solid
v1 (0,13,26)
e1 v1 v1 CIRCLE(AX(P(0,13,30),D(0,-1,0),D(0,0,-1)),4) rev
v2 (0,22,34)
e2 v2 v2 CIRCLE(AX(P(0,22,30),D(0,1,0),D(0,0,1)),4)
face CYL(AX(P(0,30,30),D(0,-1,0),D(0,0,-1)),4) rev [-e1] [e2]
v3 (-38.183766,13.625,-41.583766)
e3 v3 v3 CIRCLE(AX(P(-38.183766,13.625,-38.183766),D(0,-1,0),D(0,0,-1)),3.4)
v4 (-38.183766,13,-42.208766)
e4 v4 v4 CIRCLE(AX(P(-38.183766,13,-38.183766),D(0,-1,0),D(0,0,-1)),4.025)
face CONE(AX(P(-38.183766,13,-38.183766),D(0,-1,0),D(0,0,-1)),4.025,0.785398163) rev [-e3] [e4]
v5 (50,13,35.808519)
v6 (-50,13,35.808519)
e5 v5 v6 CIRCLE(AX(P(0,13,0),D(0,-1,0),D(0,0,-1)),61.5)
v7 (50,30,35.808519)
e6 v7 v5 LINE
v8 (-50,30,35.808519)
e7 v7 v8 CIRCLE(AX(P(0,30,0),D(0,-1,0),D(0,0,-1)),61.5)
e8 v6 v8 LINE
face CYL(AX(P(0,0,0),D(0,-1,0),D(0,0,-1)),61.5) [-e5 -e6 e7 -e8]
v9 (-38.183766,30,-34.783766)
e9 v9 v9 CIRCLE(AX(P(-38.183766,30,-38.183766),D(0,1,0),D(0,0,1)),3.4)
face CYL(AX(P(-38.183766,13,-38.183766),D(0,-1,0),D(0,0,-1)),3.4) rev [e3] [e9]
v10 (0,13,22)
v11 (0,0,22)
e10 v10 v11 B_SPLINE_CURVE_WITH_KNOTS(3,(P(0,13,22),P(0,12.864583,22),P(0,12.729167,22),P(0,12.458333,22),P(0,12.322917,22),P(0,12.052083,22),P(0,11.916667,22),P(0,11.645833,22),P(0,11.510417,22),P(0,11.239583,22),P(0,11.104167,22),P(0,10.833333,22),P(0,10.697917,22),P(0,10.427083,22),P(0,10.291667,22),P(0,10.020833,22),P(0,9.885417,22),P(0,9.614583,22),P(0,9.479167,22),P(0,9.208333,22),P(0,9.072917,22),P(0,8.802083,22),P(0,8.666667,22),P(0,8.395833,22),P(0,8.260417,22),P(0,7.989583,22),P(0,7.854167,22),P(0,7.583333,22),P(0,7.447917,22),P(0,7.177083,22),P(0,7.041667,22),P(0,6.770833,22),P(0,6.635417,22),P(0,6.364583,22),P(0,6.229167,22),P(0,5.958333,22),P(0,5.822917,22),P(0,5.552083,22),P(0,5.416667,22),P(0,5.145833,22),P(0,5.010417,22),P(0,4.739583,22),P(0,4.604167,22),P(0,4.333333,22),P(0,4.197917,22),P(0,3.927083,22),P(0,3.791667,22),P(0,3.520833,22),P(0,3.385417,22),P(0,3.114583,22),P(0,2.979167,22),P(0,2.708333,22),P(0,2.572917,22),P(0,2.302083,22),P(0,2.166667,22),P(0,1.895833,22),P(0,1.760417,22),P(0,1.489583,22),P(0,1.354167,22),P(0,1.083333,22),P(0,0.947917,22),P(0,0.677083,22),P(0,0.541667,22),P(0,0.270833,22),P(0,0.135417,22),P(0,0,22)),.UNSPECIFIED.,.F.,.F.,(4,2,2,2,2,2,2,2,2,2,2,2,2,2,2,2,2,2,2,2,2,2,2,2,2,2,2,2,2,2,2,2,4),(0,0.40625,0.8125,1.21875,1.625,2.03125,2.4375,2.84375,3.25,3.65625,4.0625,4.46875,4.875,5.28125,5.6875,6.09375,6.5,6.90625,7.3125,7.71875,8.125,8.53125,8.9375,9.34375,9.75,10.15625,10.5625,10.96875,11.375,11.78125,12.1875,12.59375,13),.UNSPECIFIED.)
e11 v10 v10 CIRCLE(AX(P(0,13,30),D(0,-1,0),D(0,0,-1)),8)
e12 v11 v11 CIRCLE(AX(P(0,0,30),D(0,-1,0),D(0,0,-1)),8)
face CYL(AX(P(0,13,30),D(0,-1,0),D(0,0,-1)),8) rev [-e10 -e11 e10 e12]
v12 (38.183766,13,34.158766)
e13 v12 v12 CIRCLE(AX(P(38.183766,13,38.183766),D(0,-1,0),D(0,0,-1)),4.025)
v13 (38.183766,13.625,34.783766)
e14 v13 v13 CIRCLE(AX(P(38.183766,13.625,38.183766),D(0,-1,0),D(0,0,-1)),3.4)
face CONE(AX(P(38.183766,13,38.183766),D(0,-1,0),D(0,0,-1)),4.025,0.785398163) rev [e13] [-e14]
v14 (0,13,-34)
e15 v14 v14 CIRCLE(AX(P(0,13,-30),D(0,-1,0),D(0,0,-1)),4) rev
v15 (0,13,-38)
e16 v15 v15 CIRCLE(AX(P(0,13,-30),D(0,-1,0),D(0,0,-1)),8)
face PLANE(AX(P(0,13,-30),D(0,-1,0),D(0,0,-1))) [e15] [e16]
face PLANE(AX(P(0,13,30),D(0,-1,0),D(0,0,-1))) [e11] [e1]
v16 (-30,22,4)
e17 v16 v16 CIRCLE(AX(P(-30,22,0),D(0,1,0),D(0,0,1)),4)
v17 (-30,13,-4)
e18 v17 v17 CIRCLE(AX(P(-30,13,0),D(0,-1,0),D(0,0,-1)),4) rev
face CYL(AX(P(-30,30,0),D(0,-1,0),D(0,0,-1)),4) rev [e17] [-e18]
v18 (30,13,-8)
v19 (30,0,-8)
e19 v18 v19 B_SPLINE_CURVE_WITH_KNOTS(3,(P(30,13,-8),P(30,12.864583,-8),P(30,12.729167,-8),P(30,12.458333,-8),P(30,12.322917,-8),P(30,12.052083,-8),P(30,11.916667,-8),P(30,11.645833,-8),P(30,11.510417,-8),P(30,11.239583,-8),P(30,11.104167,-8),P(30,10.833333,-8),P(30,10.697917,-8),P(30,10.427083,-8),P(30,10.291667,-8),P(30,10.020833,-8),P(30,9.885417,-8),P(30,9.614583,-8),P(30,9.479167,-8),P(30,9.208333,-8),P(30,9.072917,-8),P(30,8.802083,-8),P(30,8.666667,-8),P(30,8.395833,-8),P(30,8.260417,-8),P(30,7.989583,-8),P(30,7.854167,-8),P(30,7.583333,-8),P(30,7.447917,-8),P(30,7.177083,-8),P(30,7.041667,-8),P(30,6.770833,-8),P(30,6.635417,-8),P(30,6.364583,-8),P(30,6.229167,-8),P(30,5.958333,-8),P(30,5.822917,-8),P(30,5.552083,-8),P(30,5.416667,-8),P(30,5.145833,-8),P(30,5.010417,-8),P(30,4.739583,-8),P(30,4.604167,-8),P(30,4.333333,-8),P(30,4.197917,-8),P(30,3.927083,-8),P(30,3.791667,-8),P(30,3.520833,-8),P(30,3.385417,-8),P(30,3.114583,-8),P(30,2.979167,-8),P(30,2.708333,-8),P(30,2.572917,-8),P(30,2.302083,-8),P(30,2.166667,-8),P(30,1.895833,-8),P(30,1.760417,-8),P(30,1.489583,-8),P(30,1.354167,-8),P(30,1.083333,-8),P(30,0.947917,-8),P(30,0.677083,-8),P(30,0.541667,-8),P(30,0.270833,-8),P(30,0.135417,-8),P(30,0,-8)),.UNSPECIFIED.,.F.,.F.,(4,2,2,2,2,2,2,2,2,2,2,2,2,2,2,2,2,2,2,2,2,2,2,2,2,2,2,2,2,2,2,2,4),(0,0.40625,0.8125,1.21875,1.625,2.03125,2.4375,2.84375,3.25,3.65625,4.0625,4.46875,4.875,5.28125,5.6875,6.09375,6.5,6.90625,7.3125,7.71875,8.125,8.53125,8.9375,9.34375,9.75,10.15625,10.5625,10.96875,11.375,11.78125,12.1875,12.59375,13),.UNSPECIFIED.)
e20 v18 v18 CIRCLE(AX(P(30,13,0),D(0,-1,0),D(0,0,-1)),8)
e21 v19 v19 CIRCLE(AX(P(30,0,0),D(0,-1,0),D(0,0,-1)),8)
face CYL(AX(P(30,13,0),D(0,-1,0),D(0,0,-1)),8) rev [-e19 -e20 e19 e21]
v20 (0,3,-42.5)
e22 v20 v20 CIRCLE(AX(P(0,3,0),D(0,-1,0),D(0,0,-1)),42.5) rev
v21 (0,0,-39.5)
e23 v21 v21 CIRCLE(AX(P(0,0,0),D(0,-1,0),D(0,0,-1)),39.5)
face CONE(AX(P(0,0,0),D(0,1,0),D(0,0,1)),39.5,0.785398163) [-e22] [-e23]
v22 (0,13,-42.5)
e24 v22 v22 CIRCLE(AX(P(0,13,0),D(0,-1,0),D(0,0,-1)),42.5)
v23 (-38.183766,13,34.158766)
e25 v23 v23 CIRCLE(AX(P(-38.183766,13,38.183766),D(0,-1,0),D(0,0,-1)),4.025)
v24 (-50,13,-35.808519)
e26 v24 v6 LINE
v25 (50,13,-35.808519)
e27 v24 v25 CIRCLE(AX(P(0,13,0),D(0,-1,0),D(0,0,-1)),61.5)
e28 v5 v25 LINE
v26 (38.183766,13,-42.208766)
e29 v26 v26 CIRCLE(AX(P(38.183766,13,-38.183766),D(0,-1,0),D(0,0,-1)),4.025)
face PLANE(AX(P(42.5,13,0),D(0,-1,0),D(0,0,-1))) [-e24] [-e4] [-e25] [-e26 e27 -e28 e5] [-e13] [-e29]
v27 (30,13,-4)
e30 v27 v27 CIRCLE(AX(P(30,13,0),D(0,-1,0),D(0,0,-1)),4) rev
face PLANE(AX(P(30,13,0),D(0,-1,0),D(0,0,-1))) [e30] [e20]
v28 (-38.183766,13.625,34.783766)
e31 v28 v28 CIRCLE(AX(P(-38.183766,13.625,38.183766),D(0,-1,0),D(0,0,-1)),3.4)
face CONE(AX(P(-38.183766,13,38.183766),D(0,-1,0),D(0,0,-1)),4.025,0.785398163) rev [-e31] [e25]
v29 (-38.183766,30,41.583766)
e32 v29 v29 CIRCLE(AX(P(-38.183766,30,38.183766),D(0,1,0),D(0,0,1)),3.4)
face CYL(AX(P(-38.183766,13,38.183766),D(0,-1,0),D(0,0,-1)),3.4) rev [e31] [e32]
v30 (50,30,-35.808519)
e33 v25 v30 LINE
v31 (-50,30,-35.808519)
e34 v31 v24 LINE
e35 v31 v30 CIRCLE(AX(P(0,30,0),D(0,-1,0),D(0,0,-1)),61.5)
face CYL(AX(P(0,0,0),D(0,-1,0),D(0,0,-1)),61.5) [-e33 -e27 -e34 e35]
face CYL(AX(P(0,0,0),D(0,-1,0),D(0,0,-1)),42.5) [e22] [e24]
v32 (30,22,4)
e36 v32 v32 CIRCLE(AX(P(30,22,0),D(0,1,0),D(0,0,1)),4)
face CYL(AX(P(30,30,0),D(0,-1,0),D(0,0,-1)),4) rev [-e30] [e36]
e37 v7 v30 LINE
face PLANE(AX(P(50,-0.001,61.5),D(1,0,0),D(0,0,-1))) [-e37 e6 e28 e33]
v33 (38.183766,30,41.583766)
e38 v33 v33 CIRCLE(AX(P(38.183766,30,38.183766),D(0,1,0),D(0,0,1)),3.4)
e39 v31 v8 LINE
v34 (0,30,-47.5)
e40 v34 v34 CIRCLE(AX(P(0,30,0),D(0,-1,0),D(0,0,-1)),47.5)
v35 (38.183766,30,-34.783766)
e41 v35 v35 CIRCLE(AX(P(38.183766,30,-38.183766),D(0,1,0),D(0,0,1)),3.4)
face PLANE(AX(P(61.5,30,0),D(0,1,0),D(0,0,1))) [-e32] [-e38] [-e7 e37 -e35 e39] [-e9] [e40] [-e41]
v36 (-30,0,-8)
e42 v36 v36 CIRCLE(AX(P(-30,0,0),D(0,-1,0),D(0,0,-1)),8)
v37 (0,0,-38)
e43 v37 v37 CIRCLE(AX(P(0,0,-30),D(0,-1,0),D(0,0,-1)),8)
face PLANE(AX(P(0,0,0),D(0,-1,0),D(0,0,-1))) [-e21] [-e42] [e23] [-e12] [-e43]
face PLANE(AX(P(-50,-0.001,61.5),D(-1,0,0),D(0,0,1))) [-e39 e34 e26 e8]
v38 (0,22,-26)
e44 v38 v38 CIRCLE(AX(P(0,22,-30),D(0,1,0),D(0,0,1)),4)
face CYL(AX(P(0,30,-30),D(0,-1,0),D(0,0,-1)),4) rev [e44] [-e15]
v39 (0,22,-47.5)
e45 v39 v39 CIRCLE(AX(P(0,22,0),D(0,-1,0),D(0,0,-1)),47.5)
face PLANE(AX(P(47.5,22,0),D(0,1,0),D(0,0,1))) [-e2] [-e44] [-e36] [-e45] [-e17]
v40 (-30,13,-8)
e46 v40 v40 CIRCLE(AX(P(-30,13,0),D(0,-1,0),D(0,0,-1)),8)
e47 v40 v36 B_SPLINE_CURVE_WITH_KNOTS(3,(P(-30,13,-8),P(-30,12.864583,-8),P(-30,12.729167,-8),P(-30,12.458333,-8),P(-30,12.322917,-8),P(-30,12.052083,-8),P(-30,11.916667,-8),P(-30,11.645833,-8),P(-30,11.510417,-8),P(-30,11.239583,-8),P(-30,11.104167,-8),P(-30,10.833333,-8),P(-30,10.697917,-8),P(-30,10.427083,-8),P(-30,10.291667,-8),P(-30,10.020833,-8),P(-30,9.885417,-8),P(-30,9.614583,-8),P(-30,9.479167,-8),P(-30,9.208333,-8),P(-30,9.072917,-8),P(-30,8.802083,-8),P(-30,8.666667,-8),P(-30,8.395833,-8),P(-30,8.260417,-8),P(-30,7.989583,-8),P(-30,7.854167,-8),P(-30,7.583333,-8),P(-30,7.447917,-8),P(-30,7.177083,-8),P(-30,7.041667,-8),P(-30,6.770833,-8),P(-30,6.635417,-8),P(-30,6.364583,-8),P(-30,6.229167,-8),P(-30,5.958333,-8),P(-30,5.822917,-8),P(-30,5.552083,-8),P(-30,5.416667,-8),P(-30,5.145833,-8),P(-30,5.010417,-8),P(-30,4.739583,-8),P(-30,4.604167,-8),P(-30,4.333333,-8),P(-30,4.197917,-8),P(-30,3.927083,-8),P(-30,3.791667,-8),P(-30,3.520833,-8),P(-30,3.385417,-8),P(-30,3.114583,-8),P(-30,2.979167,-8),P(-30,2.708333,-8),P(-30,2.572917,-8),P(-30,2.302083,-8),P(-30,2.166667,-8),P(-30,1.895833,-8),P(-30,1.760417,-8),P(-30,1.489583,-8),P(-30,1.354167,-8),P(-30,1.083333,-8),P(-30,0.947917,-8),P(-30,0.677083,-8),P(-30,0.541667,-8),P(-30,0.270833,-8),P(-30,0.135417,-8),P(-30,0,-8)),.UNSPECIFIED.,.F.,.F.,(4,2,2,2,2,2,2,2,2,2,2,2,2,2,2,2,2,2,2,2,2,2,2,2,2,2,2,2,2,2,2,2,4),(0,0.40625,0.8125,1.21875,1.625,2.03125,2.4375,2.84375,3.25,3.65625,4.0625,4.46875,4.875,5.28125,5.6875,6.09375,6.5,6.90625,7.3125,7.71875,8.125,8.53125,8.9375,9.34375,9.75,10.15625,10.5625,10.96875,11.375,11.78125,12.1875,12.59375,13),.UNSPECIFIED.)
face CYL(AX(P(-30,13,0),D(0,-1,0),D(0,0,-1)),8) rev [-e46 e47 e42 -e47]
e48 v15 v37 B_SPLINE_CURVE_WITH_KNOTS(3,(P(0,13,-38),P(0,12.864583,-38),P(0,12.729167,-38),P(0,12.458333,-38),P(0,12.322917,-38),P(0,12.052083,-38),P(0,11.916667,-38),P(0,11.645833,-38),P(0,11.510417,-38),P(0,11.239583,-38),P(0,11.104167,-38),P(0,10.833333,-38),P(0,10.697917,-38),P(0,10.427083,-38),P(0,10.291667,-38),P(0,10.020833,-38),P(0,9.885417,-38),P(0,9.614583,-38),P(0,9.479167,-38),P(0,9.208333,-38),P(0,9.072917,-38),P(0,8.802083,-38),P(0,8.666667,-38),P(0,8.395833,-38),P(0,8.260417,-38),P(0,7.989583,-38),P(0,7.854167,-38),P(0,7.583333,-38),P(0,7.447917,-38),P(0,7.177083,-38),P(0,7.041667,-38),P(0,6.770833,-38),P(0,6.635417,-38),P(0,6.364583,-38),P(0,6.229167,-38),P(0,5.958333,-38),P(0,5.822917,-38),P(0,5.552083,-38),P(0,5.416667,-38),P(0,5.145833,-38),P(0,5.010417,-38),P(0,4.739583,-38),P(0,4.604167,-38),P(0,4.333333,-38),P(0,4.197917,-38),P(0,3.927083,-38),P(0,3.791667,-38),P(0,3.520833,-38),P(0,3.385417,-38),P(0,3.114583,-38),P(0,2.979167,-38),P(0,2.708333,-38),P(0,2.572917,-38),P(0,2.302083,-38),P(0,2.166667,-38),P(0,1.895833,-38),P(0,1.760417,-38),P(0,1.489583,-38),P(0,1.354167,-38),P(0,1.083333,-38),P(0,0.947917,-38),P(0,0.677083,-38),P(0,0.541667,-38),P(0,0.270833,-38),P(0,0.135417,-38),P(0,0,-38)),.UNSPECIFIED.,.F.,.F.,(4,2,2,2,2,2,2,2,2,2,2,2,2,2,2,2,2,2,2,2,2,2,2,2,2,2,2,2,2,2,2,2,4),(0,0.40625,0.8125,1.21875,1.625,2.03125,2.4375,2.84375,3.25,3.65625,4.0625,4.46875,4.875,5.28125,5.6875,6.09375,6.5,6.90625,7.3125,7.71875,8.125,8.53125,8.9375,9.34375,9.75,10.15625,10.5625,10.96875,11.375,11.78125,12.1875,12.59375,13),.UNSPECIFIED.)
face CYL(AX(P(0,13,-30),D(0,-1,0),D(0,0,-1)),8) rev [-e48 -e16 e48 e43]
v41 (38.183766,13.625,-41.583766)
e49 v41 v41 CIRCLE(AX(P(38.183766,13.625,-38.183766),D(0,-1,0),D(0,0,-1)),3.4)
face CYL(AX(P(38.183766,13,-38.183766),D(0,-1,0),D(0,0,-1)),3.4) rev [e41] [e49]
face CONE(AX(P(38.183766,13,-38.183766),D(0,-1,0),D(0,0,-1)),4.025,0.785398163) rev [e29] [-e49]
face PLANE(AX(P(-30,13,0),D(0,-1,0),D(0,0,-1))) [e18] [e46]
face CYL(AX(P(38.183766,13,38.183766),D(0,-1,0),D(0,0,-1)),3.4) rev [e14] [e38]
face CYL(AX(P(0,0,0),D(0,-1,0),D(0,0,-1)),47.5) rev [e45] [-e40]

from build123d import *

# Parameters (mm, degrees)
CUT_EXTRUDE3_START          = -17
SKETCH4_OUTSIDE_W           = 160.304
SKETCH4_OUTSIDE_H           = 160.304
SKETCH4_OUTSIDE_W_2         = 100
SKETCH4_OUTSIDE_H_2         = 123
CUT_EXTRUDE3_DEPTH          = 17
CUT_EXTRUDE4_REACH          = 86.748
SKETCH5_R                   = 2.5
SKETCH2_R                   = 4
CUT_EXTRUDE5_DEPTH          = 85.748156322
SKETCH6_R                   = 8
CUT_EXTRUDE6_DEPTH          = 13
CHAMFER1_SIZE               = 3
M8_TAPPED_HOLE1_D           = 6.8
M8_TAPPED_HOLE1_DEPTH       = 19.75
M8_TAPPED_HOLE1_CSINK_D     = 8.05
M8_TAPPED_HOLE1_CSINK_ANGLE = 90
M8_TAPPED_HOLE1_TIP         = 2.042926105


with BuildPart() as part:
    # Sketch1 → Revolve1 (revolve)
    with BuildSketch(Plane.XY, mode=Mode.PRIVATE) as revolve1_sk:
        Polygon((42.5, 0), (42.5, 13), (61.5, 13), (61.5, 30), (47.5, 30), (47.5, 22), (0, 22), (0, 0), align=None)
    revolve(revolve1_sk.sketch.rotate(Axis((0, 0, 0), (0, 1, 0)), 90), axis=Axis((0, 0, 0), (0, 1, 0)))

    # Sketch4 outside → Cut-Extrude3 (cut)
    with BuildSketch(Plane(origin=(0, 30, 0), x_dir=(1, 0, 0), z_dir=(0, 1, 0)).offset(CUT_EXTRUDE3_START)):
        Rectangle(SKETCH4_OUTSIDE_W, SKETCH4_OUTSIDE_H)
        Rectangle(SKETCH4_OUTSIDE_W_2, SKETCH4_OUTSIDE_H_2, mode=Mode.SUBTRACT)
    extrude(amount=CUT_EXTRUDE3_DEPTH, mode=Mode.SUBTRACT)

    # Sketch5 → Cut-Extrude4 (cut, up to next)
    with BuildSketch(Plane(origin=(0, 30, 0), x_dir=(1, 0, 0), z_dir=(0, 1, 0)), mode=Mode.PRIVATE) as cut_extrude4_sk1:
        with Locations(Location((-38.183766184, 38.183766184, 0), (0, 0, 270))):
            Circle(SKETCH5_R)
    cut_extrude4_tool1 = extrude(cut_extrude4_sk1.sketch, amount=-CUT_EXTRUDE4_REACH, mode=Mode.PRIVATE) & part.part
    # Sketch5 → Cut-Extrude4 (cut, up to next)
    with BuildSketch(Plane(origin=(0, 30, 0), x_dir=(1, 0, 0), z_dir=(0, 1, 0)), mode=Mode.PRIVATE) as cut_extrude4_sk2:
        with Locations(Location((38.183766184, 38.183766184, 0), (0, 0, 270))):
            Circle(SKETCH5_R)
    cut_extrude4_tool2 = extrude(cut_extrude4_sk2.sketch, amount=-CUT_EXTRUDE4_REACH, mode=Mode.PRIVATE) & part.part
    # Sketch5 → Cut-Extrude4 (cut, up to next)
    with BuildSketch(Plane(origin=(0, 30, 0), x_dir=(1, 0, 0), z_dir=(0, 1, 0)), mode=Mode.PRIVATE) as cut_extrude4_sk3:
        with Locations(Location((38.183766184, -38.183766184, 0), (0, 0, 270))):
            Circle(SKETCH5_R)
    cut_extrude4_tool3 = extrude(cut_extrude4_sk3.sketch, amount=-CUT_EXTRUDE4_REACH, mode=Mode.PRIVATE) & part.part
    # Sketch5 → Cut-Extrude4 (cut, up to next)
    with BuildSketch(Plane(origin=(0, 30, 0), x_dir=(1, 0, 0), z_dir=(0, 1, 0)), mode=Mode.PRIVATE) as cut_extrude4_sk4:
        with Locations(Location((-38.183766184, -38.183766184, 0), (0, 0, 270))):
            Circle(SKETCH5_R)
    cut_extrude4_tool4 = extrude(cut_extrude4_sk4.sketch, amount=-CUT_EXTRUDE4_REACH, mode=Mode.PRIVATE) & part.part
    add(cut_extrude4_tool1.solids().sort_by_distance((-38.183766, 30, -38.183766))[0], mode=Mode.SUBTRACT)
    add(cut_extrude4_tool2.solids().sort_by_distance((38.183766, 30, -38.183766))[0], mode=Mode.SUBTRACT)
    add(cut_extrude4_tool3.solids().sort_by_distance((38.183766, 30, 38.183766))[0], mode=Mode.SUBTRACT)
    add(cut_extrude4_tool4.solids().sort_by_distance((-38.183766, 30, 38.183766))[0], mode=Mode.SUBTRACT)

    # Sketch2 → Cut-Extrude5 (cut, through all)
    with BuildSketch(Plane.XZ):
        with Locations(Location((30, 0, 0), (0, 0, 270))):
            Circle(SKETCH2_R)
        with Locations(Location((0, -30, 0), (0, 0, 270))):
            Circle(SKETCH2_R)
        with Locations(Location((-30, 0, 0), (0, 0, 270))):
            Circle(SKETCH2_R)
        with Locations(Location((0, 30, 0), (0, 0, 270))):
            Circle(SKETCH2_R)
    extrude(amount=-CUT_EXTRUDE5_DEPTH, mode=Mode.SUBTRACT)

    # Sketch6 → Cut-Extrude6 (cut)
    with BuildSketch(Plane.XZ):
        with Locations(Location((0, 30, 0), (0, 0, 270))):
            Circle(SKETCH6_R)
        with Locations(Location((30, 0, 0), (0, 0, 270))):
            Circle(SKETCH6_R)
        with Locations(Location((-30, 0, 0), (0, 0, 270))):
            Circle(SKETCH6_R)
        with Locations(Location((0, -30, 0), (0, 0, 270))):
            Circle(SKETCH6_R)
    extrude(amount=-CUT_EXTRUDE6_DEPTH, mode=Mode.SUBTRACT)

    # Chamfer1
    chamfer1_edges = [part.edges().sort_by_distance(p)[0] for p in [
        (0, 0, 42.5),
    ]]
    chamfer(chamfer1_edges, length=CHAMFER1_SIZE)

    # M8 Tapped Hole1
    with Locations(Plane(origin=(38.183766184, 13, -38.183766184), x_dir=(0, 0, -1), z_dir=(0, -1, 0))):
        with Locations((0, 0), (0, -76.367532368), (-76.367532368, -76.367532368), (-76.367532368, 0)):
            CounterSinkHole(M8_TAPPED_HOLE1_D / 2, M8_TAPPED_HOLE1_CSINK_D / 2, depth=M8_TAPPED_HOLE1_DEPTH, counter_sink_angle=M8_TAPPED_HOLE1_CSINK_ANGLE)
            with Locations((0, 0, -(M8_TAPPED_HOLE1_DEPTH + M8_TAPPED_HOLE1_TIP / 2))):  # 118° drill point
                Cone(0, M8_TAPPED_HOLE1_D / 2, M8_TAPPED_HOLE1_TIP, mode=Mode.SUBTRACT)


solid = part.part
